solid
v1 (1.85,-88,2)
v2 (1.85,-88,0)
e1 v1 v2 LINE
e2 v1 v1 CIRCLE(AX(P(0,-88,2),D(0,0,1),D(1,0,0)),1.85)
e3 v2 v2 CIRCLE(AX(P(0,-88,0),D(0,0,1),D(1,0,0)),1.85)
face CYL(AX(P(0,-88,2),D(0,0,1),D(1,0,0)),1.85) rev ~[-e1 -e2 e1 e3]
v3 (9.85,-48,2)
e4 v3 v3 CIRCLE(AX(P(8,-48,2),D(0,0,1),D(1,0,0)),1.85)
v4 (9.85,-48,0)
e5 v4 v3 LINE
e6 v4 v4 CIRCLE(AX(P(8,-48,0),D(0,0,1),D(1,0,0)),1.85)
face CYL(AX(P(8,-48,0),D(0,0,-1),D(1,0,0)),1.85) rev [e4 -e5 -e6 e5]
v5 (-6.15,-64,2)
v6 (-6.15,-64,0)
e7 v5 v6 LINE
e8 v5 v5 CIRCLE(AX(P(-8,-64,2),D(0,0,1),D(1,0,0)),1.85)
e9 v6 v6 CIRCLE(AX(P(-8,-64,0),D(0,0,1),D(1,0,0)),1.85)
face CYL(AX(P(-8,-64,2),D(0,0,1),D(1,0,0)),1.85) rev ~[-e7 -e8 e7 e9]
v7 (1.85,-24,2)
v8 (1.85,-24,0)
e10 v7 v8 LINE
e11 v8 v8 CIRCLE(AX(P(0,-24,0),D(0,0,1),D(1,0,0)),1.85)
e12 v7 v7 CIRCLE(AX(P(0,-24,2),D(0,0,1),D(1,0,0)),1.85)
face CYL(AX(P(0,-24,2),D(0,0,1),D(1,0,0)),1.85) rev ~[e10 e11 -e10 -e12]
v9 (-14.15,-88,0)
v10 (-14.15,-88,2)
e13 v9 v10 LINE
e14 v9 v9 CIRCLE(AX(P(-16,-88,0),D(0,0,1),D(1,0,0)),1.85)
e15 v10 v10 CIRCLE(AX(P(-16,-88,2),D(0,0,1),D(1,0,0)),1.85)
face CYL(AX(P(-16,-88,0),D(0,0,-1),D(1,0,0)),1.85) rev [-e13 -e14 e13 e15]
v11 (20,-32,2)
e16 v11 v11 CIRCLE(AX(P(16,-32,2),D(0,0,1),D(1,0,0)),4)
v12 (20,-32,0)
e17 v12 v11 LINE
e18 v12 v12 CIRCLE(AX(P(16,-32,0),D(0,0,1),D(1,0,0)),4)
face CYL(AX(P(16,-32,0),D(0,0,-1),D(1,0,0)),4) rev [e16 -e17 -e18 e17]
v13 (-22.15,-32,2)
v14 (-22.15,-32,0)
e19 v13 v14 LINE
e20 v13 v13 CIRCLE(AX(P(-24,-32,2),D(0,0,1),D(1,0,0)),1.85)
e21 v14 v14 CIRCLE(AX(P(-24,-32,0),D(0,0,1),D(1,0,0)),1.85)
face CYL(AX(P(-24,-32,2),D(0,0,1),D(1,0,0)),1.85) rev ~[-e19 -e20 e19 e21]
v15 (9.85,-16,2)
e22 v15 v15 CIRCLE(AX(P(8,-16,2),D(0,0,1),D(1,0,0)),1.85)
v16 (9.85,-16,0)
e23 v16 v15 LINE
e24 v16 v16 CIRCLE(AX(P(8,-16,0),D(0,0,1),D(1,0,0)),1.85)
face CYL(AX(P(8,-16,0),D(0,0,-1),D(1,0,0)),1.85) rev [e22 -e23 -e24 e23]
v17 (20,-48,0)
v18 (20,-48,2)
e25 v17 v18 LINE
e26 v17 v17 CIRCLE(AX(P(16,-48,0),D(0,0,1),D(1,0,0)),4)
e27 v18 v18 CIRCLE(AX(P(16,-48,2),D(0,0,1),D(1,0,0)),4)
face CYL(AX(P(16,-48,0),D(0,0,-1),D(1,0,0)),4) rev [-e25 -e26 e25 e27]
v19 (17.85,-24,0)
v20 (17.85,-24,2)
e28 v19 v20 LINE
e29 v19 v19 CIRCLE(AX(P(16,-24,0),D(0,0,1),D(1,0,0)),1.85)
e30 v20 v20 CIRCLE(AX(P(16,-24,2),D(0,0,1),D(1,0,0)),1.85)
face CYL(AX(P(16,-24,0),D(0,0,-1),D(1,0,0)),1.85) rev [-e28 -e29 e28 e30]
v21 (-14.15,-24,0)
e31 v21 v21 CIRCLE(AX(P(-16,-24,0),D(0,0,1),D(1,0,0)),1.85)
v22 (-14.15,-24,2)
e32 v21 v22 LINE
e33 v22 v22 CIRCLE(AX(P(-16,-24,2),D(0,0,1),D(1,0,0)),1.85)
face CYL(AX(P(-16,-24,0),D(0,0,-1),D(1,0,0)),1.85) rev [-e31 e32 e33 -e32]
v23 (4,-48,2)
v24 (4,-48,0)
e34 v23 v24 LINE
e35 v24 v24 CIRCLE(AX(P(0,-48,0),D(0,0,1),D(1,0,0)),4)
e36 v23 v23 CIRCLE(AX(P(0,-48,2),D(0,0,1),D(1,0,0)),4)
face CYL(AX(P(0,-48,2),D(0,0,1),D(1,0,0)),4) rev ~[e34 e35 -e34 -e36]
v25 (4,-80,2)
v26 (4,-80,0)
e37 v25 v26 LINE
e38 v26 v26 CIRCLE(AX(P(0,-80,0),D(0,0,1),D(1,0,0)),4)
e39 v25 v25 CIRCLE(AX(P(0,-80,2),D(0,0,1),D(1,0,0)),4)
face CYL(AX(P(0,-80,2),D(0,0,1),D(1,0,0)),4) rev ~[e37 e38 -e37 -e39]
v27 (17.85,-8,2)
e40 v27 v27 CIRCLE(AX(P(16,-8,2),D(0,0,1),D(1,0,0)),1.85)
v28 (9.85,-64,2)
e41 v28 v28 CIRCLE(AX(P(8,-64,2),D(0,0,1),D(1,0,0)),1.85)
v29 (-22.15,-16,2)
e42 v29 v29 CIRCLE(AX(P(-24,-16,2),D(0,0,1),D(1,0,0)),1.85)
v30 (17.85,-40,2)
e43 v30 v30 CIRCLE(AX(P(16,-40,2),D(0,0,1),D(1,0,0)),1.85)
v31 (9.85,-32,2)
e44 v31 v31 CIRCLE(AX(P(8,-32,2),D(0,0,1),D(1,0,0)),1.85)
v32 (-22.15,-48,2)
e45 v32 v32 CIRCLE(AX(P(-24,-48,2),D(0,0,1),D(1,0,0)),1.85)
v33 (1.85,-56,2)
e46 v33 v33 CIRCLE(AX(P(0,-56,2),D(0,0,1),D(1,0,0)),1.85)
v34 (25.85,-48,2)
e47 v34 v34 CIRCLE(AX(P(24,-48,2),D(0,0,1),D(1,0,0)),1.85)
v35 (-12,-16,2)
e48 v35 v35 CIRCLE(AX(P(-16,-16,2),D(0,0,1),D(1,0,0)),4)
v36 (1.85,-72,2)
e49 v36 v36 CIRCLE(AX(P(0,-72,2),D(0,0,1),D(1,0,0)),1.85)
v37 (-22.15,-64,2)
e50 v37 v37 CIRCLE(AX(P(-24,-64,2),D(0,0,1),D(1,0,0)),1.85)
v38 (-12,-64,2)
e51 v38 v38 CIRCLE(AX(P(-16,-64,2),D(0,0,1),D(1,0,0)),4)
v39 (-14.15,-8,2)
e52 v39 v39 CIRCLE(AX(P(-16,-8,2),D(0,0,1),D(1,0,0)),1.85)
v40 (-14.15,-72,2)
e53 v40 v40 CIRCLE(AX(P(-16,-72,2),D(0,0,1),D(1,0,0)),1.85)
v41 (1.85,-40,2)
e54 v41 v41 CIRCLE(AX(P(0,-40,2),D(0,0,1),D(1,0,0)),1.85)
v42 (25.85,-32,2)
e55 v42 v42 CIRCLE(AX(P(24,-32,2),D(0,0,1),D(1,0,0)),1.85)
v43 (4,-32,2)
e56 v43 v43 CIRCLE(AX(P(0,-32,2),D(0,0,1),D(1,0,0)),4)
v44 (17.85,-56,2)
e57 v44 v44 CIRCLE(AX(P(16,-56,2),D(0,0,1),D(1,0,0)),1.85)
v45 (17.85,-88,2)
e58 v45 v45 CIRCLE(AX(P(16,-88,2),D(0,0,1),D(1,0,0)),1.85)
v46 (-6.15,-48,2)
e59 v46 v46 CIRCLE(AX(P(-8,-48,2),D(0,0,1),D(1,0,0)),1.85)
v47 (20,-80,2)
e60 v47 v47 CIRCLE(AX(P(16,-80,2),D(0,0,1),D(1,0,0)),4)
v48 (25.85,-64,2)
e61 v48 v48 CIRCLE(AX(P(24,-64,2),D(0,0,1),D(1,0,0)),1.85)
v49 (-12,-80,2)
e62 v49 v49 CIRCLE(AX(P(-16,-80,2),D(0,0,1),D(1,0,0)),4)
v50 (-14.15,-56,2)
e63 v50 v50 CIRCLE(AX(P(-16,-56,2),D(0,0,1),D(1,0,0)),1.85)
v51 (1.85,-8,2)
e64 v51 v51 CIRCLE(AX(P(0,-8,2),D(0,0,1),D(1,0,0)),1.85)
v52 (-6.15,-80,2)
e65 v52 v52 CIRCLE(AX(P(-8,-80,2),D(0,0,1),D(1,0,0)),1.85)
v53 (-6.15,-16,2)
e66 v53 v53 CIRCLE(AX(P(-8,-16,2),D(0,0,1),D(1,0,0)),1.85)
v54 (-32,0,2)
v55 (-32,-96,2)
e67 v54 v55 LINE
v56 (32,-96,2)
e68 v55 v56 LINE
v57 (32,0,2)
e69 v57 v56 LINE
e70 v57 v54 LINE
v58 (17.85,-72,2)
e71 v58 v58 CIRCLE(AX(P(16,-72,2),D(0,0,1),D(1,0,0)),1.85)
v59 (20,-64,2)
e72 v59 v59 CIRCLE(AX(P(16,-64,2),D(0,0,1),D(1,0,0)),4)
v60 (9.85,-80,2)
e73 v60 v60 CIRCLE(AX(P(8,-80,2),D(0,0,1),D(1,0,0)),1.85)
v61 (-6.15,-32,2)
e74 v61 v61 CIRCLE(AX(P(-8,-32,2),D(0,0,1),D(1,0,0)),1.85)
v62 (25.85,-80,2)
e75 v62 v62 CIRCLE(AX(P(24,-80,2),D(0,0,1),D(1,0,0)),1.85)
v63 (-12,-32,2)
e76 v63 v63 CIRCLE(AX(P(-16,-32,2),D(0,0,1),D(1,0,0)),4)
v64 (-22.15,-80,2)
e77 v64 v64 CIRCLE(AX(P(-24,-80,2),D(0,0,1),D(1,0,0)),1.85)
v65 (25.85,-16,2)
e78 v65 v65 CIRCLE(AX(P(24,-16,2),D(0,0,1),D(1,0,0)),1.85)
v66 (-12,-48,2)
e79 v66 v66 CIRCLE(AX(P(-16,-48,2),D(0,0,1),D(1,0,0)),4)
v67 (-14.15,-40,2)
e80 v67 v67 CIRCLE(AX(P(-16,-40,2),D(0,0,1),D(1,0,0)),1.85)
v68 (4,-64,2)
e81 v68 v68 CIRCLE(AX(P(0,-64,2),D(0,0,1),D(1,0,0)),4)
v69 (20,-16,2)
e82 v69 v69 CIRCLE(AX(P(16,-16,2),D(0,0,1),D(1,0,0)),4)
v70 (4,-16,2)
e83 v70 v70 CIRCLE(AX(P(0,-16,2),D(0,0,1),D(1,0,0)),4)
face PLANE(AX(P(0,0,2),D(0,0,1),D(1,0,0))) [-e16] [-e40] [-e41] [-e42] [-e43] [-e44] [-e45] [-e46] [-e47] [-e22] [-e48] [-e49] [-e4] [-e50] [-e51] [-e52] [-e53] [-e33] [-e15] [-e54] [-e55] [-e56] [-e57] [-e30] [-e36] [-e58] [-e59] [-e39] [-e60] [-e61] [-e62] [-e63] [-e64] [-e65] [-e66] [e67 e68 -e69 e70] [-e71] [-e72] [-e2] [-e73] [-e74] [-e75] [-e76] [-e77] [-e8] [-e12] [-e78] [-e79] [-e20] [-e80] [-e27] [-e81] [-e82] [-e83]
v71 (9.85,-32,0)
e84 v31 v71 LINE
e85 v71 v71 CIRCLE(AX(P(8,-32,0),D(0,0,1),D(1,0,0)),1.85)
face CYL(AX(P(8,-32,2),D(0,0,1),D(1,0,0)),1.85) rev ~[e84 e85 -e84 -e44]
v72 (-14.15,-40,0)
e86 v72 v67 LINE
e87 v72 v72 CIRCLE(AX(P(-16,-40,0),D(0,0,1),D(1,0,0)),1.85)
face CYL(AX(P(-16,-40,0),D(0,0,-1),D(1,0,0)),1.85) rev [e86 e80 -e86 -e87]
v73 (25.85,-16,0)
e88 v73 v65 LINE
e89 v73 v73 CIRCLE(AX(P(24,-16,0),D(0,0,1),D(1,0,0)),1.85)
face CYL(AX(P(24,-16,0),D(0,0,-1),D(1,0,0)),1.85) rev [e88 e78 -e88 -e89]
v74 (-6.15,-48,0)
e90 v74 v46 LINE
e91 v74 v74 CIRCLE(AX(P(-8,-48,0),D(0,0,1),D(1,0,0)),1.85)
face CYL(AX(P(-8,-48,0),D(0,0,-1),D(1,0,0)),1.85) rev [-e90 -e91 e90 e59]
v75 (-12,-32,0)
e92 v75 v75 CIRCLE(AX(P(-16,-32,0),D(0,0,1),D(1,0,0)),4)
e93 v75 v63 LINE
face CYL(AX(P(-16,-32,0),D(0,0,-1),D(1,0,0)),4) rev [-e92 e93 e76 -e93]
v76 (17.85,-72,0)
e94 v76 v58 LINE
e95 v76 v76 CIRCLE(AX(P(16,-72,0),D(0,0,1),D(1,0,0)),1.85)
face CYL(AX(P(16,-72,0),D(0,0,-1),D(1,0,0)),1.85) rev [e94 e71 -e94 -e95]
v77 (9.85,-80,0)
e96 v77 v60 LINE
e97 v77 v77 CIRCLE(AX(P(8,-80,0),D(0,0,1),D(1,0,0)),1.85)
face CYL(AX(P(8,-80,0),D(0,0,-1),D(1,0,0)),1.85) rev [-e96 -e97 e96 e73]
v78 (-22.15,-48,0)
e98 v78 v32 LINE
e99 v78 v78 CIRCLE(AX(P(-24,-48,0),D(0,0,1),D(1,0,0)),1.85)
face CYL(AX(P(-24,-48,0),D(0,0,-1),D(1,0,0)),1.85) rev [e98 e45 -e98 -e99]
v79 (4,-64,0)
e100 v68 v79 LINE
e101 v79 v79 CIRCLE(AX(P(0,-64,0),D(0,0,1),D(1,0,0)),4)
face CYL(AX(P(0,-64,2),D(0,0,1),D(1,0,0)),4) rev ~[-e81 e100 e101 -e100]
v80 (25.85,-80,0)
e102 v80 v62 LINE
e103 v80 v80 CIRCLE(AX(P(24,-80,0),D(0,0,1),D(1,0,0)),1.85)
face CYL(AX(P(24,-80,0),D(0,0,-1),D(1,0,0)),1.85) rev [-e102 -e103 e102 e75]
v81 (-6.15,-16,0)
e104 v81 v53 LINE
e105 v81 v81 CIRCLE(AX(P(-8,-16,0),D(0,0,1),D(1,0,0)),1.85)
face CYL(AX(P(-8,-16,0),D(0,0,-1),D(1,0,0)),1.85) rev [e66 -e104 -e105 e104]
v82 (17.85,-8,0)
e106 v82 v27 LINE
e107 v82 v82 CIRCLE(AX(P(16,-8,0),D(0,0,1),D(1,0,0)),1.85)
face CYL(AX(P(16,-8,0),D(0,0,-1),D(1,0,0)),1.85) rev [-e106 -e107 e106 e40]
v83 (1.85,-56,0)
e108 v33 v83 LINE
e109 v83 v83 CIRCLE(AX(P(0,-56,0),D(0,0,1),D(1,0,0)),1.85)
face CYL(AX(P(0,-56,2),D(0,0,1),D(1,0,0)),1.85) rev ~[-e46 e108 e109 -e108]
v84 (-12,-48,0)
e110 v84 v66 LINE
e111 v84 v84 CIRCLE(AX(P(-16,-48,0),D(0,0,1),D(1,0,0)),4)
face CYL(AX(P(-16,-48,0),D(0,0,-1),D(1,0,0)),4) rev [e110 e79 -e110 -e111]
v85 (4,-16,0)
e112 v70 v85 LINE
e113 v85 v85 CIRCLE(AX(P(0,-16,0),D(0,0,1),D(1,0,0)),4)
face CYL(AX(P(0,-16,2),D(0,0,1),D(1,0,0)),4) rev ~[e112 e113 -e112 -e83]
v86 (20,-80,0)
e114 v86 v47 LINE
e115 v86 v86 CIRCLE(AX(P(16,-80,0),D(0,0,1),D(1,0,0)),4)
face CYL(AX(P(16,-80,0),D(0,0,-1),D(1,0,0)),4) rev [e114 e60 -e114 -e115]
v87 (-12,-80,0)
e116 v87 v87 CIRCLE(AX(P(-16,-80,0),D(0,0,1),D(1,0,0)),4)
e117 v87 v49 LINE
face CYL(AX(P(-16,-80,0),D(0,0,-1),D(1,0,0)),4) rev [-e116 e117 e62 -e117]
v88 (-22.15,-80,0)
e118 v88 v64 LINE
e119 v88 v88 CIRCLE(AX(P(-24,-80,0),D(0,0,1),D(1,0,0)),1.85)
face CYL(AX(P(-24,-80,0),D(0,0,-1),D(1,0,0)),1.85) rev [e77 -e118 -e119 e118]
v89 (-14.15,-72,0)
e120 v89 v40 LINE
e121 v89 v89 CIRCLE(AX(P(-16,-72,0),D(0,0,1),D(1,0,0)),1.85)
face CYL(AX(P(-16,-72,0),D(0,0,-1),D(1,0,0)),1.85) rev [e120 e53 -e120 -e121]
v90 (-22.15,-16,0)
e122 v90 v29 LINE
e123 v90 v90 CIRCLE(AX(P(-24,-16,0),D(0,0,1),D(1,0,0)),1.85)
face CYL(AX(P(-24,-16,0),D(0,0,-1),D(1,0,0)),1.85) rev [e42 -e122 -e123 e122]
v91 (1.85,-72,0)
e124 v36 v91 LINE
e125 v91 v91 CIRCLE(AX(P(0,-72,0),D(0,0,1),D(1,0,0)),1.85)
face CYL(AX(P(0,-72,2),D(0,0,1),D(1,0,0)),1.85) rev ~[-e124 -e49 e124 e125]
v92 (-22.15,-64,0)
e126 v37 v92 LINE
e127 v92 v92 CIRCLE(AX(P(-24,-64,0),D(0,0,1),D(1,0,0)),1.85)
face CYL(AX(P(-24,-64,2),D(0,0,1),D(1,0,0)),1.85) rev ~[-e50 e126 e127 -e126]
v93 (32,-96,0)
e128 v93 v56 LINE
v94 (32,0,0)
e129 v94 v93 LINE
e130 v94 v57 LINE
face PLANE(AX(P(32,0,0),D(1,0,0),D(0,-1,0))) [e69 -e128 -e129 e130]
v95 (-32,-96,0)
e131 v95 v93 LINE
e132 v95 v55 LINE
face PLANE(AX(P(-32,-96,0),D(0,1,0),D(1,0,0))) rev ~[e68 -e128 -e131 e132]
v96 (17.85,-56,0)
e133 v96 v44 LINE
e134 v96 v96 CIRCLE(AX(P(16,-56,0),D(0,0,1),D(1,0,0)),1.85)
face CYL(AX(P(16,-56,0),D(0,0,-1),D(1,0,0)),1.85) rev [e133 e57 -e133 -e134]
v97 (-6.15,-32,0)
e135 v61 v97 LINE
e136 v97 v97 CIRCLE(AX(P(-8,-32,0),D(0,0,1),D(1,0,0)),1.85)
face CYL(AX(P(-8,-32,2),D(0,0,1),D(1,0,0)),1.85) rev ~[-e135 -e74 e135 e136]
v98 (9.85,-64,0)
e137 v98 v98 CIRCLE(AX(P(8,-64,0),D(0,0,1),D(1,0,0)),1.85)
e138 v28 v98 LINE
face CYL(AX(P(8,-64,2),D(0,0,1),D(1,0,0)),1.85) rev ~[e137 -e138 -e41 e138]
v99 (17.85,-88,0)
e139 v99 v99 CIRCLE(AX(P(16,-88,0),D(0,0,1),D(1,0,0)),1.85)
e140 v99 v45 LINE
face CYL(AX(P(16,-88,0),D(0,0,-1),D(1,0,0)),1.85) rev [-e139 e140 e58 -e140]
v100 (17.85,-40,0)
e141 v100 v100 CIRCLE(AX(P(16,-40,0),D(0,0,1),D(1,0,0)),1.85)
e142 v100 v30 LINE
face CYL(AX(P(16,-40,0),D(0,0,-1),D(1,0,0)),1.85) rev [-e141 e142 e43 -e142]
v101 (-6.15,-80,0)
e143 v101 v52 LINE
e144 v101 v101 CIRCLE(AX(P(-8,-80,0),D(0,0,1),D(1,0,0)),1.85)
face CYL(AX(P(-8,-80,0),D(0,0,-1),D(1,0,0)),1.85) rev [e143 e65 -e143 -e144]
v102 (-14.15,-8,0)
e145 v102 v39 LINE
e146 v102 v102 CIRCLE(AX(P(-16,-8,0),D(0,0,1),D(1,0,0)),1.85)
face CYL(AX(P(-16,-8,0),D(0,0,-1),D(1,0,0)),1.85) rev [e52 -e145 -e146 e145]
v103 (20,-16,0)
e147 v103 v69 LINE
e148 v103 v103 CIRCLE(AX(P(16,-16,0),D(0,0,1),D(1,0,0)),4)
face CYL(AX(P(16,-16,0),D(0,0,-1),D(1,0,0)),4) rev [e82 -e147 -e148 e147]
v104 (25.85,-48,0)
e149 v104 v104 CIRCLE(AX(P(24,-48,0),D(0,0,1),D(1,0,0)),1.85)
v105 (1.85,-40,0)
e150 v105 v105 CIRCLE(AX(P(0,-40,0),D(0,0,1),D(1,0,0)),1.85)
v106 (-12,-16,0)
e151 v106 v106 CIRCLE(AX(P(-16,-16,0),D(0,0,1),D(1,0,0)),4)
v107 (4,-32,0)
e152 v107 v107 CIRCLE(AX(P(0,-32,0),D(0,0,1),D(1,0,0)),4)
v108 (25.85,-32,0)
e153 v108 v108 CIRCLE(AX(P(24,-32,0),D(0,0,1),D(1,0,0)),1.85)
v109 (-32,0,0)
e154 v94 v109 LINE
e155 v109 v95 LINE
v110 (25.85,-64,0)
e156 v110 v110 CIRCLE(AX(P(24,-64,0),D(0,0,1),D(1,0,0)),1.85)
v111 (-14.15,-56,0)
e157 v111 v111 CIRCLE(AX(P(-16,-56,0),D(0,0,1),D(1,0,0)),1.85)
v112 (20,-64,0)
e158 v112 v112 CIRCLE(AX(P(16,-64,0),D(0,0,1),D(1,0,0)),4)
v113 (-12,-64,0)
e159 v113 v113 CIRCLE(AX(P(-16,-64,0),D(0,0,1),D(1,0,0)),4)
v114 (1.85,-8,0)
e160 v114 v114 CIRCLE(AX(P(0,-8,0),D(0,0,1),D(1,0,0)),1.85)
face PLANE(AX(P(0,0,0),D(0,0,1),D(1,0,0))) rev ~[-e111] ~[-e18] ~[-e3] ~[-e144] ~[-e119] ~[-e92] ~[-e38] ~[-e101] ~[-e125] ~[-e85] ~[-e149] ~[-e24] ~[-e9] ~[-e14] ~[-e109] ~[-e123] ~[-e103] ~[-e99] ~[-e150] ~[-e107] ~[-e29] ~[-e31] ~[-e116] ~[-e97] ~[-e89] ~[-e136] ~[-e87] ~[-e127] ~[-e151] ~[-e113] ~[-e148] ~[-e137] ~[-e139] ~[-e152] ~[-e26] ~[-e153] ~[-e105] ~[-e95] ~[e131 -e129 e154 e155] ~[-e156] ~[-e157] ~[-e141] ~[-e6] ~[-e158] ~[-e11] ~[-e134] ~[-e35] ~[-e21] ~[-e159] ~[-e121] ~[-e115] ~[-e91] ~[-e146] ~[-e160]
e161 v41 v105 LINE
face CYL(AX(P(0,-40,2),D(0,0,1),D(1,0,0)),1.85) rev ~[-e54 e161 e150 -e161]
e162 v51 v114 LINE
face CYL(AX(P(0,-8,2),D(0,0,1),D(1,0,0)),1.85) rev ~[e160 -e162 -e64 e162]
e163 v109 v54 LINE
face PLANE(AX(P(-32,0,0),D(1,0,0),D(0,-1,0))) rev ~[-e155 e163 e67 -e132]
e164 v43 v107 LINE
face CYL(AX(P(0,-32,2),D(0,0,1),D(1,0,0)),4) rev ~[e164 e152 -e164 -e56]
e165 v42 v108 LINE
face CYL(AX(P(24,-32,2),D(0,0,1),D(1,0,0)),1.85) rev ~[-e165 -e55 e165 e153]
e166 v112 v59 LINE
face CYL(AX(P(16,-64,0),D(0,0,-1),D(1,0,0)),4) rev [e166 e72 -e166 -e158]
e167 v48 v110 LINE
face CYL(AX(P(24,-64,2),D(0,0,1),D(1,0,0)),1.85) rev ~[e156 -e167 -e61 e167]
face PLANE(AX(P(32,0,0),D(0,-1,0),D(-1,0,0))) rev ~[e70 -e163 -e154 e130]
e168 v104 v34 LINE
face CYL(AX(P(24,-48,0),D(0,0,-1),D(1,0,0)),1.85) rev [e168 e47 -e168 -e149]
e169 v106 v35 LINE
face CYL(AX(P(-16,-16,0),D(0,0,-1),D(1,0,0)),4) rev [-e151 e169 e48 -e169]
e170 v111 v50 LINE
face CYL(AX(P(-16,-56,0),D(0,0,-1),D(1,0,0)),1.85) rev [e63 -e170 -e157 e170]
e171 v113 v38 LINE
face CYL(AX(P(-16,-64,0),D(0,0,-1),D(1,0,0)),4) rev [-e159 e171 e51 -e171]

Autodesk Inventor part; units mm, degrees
ref_plane "YZ Plane" through (0, 0, 0) normal (1, 0, 0) x (0, 1, 0)
ref_plane "XZ Plane" through (0, 0, 0) normal (0, 1, 0) x (-1, 0, 0)
ref_plane "XY Plane" through (0, 0, 0) normal (0, 0, 1) x (1, 0, 0)
sketch "Sketch1" plane through (0, 0, 0) normal (0, 0, 1) x (1, 0, 0)
  line L0 (32, 0) -> (32, -96) projected
  line L1 (-32, 0) -> (-32, -96) projected
  line L2 (32, 0) -> (-32, 0)
  line L3 (-32, 0) -> (-32, -96)
  line L4 (-32, -96) -> (32, -96)
  line L5 (32, -96) -> (32, 0)
  circle A0 centre (24, -16) radius 1.85 projected
  circle A1 centre (16, -8) radius 1.85 projected
  circle A2 centre (16, -16) radius 4 projected
  circle A3 centre (16, -24) radius 1.85 projected
  circle A4 centre (8, -16) radius 1.85 projected
  circle A5 centre (16, -32) radius 4 projected
  circle A6 centre (16, -40) radius 1.85 projected
  circle A7 centre (16, -48) radius 4 projected
  circle A8 centre (24, -48) radius 1.85 projected
  circle A9 centre (16, -56) radius 1.85 projected
  circle A10 centre (8, -48) radius 1.85 projected
  circle A11 centre (16, -64) radius 4 projected
  circle A12 centre (16, -72) radius 1.85 projected
  circle A13 centre (24, -80) radius 1.85 projected
  circle A14 centre (16, -88) radius 1.85 projected
  circle A15 centre (8, -80) radius 1.85 projected
  circle A16 centre (16, -80) radius 4 projected
  circle A17 centre (-8, -80) radius 1.85 projected
  circle A18 centre (-16, -80) radius 4 projected
  circle A19 centre (-16, -72) radius 1.85 projected
  circle A20 centre (-16, -88) radius 1.85 projected
  circle A21 centre (-24, -80) radius 1.85 projected
  circle A22 centre (-16, -64) radius 4 projected
  circle A23 centre (-16, -56) radius 1.85 projected
  circle A24 centre (-8, -48) radius 1.85 projected
  circle A25 centre (-16, -40) radius 1.85 projected
  circle A26 centre (-24, -48) radius 1.85 projected
  circle A27 centre (-16, -48) radius 4 projected
  circle A28 centre (-16, -32) radius 4 projected
  circle A29 centre (-16, -24) radius 1.85 projected
  circle A30 centre (-8, -16) radius 1.85 projected
  circle A31 centre (-16, -8) radius 1.85 projected
  circle A32 centre (-24, -16) radius 1.85 projected
  circle A33 centre (-16, -16) radius 4 projected
  point P0 (0, 0)
extrude "Extrusion1" add sketch "Sketch1" along normal blind 2
sketch "Sketch2" plane through (0, 0, 2) normal (0, 0, 1) x (1, 0, 0)
  circle A0 centre (24, -32) radius 1.85 projected
  circle A1 centre (8, -32) radius 1.85 projected
  circle A2 centre (8, -64) radius 1.85 projected
  circle A3 centre (24, -64) radius 1.85 projected
  circle A4 centre (-8, -32) radius 1.85 projected
  circle A5 centre (-24, -32) radius 1.85 projected
  circle A6 centre (-8, -64) radius 1.85 projected
  circle A7 centre (-24, -64) radius 1.85 projected
  point P0 (0, 0)
extrude "Extrusion2" cut sketch "Sketch2" against normal through all
sketch "Sketch3" plane through (0, 0, 2) normal (0, 0, 1) x (1, 0, 0)
  circle A0 centre (0, -8) radius 1.85 projected
  circle A1 centre (0, -24) radius 1.85 projected
  circle A2 centre (0, -32) radius 4 projected
  circle A3 centre (0, -40) radius 1.85 projected
  circle A4 centre (0, -16) radius 4 projected
  circle A5 centre (0, -48) radius 4 projected
  circle A6 centre (0, -56) radius 1.85 projected
  circle A7 centre (0, -64) radius 4 projected
  circle A8 centre (0, -72) radius 1.85 projected
  circle A9 centre (0, -80) radius 4 projected
  circle A10 centre (0, -88) radius 1.85 projected
  point P0 (0, 0)
extrude "Extrusion3" cut sketch "Sketch3" against normal through all
